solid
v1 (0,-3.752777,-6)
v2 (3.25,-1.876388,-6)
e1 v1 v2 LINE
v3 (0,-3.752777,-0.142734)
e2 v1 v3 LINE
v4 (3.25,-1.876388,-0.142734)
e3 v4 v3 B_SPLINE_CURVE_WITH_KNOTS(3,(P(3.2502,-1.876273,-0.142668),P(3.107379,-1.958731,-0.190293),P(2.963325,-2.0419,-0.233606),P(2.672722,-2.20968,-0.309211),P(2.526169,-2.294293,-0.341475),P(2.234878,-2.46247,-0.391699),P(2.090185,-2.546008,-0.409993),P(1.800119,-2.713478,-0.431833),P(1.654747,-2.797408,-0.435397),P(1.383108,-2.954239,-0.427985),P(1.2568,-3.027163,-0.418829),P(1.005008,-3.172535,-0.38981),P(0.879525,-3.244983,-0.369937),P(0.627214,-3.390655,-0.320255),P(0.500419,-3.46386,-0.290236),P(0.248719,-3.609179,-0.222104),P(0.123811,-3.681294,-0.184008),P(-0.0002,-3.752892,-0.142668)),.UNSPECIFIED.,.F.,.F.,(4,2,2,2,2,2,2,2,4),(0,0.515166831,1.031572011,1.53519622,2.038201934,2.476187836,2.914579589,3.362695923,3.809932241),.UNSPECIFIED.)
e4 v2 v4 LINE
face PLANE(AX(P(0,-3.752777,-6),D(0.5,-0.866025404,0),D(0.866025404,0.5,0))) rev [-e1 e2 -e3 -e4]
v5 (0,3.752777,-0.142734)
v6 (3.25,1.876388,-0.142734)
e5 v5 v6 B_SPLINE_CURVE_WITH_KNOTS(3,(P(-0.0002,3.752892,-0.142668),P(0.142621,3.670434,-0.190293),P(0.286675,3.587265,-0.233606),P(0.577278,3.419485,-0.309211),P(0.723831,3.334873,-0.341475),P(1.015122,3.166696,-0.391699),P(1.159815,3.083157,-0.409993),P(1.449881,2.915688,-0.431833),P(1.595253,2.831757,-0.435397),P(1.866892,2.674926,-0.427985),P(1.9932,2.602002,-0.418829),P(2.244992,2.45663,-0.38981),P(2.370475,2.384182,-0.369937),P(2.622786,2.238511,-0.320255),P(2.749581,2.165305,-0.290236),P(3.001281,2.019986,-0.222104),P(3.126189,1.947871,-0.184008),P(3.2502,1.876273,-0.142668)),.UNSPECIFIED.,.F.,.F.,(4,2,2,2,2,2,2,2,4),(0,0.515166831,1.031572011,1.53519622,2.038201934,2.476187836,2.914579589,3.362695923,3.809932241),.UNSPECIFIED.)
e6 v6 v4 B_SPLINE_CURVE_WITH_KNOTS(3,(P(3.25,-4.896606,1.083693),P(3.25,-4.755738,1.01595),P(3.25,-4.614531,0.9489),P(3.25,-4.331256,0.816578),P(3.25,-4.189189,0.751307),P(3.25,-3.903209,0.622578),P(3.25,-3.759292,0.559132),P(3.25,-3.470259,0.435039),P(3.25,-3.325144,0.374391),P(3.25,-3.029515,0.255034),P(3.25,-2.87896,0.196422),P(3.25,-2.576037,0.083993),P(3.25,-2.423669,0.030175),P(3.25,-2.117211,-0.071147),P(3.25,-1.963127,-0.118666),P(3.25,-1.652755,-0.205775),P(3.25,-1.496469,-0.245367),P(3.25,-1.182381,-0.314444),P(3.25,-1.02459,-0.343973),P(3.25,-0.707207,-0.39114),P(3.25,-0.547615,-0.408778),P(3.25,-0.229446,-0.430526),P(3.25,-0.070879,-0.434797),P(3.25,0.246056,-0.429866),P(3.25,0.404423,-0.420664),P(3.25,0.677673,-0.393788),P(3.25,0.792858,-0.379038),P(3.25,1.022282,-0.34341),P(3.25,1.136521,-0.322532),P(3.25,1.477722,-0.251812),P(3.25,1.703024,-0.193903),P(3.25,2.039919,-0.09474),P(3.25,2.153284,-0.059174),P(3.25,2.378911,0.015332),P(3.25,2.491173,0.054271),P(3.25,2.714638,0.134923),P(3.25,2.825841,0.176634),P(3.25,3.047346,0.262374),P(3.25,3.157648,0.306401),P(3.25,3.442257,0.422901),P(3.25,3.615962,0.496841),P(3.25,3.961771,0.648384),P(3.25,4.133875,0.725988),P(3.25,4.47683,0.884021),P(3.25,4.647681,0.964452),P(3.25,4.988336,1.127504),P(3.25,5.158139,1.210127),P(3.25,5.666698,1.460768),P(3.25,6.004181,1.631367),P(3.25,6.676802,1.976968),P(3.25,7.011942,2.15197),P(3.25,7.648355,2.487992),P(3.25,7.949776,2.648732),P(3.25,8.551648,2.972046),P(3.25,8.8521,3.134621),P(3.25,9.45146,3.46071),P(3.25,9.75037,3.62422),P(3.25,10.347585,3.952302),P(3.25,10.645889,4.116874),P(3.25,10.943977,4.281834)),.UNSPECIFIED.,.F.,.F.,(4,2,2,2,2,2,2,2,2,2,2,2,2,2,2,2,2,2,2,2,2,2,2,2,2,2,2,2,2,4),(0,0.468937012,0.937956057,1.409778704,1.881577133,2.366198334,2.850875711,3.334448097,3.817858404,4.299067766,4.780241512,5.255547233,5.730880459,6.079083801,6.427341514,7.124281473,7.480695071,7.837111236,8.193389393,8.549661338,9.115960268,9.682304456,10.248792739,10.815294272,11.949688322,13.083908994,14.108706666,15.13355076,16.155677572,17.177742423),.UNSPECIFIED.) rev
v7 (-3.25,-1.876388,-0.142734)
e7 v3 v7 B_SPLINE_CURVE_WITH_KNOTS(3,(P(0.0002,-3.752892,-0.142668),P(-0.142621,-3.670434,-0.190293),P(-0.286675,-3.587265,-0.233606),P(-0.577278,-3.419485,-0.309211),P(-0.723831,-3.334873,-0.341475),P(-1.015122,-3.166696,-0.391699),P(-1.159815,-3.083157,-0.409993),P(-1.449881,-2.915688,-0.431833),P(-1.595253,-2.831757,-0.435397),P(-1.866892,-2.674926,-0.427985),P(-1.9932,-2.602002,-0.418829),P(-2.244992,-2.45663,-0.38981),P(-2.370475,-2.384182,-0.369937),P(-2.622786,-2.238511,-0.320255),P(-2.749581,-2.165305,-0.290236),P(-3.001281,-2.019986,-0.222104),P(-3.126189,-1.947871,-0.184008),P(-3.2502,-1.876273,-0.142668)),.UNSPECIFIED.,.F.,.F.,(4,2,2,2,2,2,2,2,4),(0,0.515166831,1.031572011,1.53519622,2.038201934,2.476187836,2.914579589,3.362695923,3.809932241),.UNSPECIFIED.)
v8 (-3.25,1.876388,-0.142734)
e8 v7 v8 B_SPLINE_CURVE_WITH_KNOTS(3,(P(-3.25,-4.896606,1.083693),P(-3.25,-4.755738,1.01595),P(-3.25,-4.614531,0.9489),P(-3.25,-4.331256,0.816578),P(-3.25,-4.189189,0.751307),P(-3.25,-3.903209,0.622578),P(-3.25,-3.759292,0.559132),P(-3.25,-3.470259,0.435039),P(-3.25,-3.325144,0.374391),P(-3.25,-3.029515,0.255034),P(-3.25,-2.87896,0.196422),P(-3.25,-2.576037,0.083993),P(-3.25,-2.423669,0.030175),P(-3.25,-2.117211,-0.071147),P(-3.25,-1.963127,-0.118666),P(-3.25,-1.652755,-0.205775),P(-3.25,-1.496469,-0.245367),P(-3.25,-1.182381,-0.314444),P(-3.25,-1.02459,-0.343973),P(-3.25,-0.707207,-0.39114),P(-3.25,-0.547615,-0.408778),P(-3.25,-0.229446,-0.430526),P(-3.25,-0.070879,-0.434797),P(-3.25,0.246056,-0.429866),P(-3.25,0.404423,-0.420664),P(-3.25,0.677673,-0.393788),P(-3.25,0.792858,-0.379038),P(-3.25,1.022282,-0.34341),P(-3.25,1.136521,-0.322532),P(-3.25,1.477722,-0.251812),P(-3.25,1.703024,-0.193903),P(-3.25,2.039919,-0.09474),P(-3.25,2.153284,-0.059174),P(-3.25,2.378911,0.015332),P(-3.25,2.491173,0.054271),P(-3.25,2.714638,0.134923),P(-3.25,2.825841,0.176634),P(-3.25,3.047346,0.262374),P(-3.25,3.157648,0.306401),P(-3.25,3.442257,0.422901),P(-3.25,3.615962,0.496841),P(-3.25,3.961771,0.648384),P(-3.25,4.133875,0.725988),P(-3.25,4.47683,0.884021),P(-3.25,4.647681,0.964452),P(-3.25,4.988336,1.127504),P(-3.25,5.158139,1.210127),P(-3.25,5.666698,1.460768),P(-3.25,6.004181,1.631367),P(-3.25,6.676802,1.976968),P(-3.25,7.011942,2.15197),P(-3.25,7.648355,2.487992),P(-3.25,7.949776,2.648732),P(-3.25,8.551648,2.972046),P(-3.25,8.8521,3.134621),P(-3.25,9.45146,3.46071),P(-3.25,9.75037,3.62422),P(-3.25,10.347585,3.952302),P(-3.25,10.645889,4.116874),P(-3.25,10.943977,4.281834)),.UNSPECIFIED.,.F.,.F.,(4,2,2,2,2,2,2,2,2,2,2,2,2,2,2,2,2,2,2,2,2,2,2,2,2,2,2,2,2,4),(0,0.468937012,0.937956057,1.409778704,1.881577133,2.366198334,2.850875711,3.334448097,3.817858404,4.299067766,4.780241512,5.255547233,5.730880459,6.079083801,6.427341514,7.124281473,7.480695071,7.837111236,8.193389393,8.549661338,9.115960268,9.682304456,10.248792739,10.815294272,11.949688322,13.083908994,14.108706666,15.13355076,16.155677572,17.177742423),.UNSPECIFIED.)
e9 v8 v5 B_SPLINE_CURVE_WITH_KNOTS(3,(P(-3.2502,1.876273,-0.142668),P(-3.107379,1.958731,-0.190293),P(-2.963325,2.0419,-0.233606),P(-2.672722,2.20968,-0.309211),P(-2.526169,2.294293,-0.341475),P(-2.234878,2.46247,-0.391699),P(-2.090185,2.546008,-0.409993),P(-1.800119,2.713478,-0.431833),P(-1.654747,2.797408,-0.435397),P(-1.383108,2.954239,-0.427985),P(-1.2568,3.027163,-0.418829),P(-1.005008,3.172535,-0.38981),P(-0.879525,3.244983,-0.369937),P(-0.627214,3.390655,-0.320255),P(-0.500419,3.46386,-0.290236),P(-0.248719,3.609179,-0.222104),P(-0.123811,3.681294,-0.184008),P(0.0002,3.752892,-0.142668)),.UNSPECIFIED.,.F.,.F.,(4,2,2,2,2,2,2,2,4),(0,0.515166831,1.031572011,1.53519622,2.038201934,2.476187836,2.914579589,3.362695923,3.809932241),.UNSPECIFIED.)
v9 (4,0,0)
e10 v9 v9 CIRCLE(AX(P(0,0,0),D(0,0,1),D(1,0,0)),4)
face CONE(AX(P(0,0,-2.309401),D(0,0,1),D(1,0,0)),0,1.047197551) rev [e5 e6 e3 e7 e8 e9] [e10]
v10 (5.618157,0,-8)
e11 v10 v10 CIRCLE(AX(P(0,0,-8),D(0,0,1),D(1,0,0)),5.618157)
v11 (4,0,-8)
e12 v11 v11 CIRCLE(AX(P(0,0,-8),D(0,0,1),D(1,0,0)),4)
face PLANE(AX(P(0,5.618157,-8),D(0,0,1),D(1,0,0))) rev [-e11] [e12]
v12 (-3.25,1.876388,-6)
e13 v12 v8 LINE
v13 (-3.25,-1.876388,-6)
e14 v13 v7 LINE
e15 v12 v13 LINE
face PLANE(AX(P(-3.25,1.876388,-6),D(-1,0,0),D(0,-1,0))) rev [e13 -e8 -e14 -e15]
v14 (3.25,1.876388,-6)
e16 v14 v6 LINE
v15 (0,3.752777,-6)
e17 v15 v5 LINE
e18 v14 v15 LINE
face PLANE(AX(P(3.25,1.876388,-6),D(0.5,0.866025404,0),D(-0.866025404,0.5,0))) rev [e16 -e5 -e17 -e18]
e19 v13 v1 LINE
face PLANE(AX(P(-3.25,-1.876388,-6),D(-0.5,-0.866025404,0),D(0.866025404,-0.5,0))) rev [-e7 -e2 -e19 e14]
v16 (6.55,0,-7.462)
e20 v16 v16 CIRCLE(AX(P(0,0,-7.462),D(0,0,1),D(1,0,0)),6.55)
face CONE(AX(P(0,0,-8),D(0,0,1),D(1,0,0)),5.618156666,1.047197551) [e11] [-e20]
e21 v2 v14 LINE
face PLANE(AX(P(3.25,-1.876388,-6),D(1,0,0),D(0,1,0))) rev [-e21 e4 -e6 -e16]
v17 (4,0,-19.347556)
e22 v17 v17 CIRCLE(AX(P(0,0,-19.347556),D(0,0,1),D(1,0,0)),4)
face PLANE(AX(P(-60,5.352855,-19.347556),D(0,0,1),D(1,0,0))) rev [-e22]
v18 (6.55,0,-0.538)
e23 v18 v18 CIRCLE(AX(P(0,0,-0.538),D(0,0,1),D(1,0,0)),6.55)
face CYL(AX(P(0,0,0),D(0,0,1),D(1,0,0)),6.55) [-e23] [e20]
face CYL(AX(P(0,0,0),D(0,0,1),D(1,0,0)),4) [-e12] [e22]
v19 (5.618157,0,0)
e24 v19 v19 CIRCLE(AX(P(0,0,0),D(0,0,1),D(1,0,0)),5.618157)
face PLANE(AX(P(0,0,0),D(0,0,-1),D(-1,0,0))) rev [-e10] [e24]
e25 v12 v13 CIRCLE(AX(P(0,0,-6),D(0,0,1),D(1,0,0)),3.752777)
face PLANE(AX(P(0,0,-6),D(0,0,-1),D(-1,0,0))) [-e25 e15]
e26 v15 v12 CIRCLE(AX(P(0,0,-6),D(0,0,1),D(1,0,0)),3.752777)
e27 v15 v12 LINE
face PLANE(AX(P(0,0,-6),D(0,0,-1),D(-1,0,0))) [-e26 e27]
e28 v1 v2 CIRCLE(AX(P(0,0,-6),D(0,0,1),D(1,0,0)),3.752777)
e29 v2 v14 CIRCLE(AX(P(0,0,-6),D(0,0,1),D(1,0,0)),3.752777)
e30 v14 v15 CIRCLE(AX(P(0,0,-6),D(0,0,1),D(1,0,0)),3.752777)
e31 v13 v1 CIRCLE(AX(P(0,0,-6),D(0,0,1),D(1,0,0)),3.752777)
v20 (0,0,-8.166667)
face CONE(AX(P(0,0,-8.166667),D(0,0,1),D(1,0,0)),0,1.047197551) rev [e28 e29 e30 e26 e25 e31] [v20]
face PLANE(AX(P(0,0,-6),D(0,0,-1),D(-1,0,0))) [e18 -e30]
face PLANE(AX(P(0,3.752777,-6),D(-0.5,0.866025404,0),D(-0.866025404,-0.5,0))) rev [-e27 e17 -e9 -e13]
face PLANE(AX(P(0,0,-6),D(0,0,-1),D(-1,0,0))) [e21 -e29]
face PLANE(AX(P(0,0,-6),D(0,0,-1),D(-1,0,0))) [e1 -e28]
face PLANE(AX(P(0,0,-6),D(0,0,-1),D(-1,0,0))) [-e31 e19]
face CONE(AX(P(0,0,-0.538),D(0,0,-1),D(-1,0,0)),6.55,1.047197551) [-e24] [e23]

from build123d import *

# Parameters (mm, degrees)
CHAMFER1_SIZE           = 0.8
CUT_EXTRUDE1_DEPTH      = 6
CUT_EXTRUDE2_DEPTH      = 21
CUT_EXTRUDE2_DEPTH_BACK = 18
SKETCH17_W              = 9.291812213
SKETCH17_H              = 14.847741165
CUT_EXTRUDE3_DEPTH      = 18
CUT_EXTRUDE3_DEPTH_BACK = 18
SKETCH18_W              = 16.942014586
SKETCH18_H              = 5.743756165
CUT_EXTRUDE4_DEPTH      = 36
CUT_EXTRUDE4_DEPTH_BACK = 60
SKETCH19_W              = 5.251267682
SKETCH19_H              = 11.080799959


with BuildPart() as part:
    # Sketch1 → Revolve1 (revolve)
    with BuildSketch(Plane(origin=(0, 0, 0), x_dir=(0, 0, -1), z_dir=(1, 0, 0)), mode=Mode.PRIVATE) as revolve1_sk:
        Polygon((0, 0), (0, 5.618156666), (0.538, 6.55), (7.462, 6.55), (8, 5.618156666), (8, 4), (38, 4), (38, 0), align=None)
    revolve(revolve1_sk.sketch.rotate(Axis((0, 0, 0), (0, 0, -1)), 90), axis=Axis((0, 0, 0), (0, 0, -1)))

    # Chamfer1
    chamfer1_edges = [part.edges().sort_by_distance(p)[0] for p in [
        (-4, 0, -38),
    ]]
    chamfer(chamfer1_edges, length=CHAMFER1_SIZE)

    # Sketch2 → Cut-Extrude1 (cut)
    with BuildSketch(Plane.XY):
        Polygon((3.25, 1.876388375), (0, 3.75277675), (-3.25, 1.876388375), (-3.25, -1.876388375), (0, -3.75277675), (3.25, -1.876388375), align=None)
    extrude(amount=-CUT_EXTRUDE1_DEPTH, mode=Mode.SUBTRACT)

    # Sketch3 → Cut-Revolve1 (revolve, cut)
    with BuildSketch(Plane(origin=(0, 0, 0), x_dir=(0, 0, -1), z_dir=(1, 0, 0)), mode=Mode.PRIVATE) as cut_revolve1_sk:
        Polygon((0, 0), (0, 4), (2.309401077, 0), align=None)
        Polygon((6, 0), (6, 3.75277675), (8.166666667, 0), align=None)
    revolve(cut_revolve1_sk.sketch.rotate(Axis((0, 0, 1.402800488), (0, 0, -1)), 90), axis=Axis((0, 0, 1.402800488), (0, 0, -1)), mode=Mode.SUBTRACT)

    # Sketch17 → Cut-Extrude2 (cut, two sides: drawn at the far end of the back side and taken through both)
    with BuildSketch(Plane.ZY.offset(-3.25).offset(-CUT_EXTRUDE2_DEPTH_BACK)):
        with Locations((-34.32554678, -0.925988159)):
            Rectangle(SKETCH17_W, SKETCH17_H)
    extrude(amount=CUT_EXTRUDE2_DEPTH + CUT_EXTRUDE2_DEPTH_BACK, mode=Mode.SUBTRACT)

    # Sketch18 → Cut-Extrude3 (cut, two sides: drawn at the far end of the back side and taken through both)
    with BuildSketch(Plane(origin=(1.625, 2.814582562, 0), x_dir=(0.8660254037844387, -0.49999999999999983, 0), z_dir=(-0.49999999999999983, -0.8660254037844387, 0)).offset(-CUT_EXTRUDE3_DEPTH_BACK)):
        with Locations((1.337252905, -27.251034813)):
            Rectangle(SKETCH18_W, SKETCH18_H)
    extrude(amount=CUT_EXTRUDE3_DEPTH + CUT_EXTRUDE3_DEPTH_BACK, mode=Mode.SUBTRACT)

    # Sketch19 → Cut-Extrude4 (cut, two sides: drawn at the far end of the back side and taken through both)
    with BuildSketch(Plane(origin=(0, 0, 0), x_dir=(0, 0, -1), z_dir=(1, 0, 0)).offset(-CUT_EXTRUDE4_DEPTH_BACK)):
        with Locations((21.973190176, -0.187545275)):
            Rectangle(SKETCH19_W, SKETCH19_H)
    extrude(amount=CUT_EXTRUDE4_DEPTH + CUT_EXTRUDE4_DEPTH_BACK, mode=Mode.SUBTRACT)


solid = part.part
